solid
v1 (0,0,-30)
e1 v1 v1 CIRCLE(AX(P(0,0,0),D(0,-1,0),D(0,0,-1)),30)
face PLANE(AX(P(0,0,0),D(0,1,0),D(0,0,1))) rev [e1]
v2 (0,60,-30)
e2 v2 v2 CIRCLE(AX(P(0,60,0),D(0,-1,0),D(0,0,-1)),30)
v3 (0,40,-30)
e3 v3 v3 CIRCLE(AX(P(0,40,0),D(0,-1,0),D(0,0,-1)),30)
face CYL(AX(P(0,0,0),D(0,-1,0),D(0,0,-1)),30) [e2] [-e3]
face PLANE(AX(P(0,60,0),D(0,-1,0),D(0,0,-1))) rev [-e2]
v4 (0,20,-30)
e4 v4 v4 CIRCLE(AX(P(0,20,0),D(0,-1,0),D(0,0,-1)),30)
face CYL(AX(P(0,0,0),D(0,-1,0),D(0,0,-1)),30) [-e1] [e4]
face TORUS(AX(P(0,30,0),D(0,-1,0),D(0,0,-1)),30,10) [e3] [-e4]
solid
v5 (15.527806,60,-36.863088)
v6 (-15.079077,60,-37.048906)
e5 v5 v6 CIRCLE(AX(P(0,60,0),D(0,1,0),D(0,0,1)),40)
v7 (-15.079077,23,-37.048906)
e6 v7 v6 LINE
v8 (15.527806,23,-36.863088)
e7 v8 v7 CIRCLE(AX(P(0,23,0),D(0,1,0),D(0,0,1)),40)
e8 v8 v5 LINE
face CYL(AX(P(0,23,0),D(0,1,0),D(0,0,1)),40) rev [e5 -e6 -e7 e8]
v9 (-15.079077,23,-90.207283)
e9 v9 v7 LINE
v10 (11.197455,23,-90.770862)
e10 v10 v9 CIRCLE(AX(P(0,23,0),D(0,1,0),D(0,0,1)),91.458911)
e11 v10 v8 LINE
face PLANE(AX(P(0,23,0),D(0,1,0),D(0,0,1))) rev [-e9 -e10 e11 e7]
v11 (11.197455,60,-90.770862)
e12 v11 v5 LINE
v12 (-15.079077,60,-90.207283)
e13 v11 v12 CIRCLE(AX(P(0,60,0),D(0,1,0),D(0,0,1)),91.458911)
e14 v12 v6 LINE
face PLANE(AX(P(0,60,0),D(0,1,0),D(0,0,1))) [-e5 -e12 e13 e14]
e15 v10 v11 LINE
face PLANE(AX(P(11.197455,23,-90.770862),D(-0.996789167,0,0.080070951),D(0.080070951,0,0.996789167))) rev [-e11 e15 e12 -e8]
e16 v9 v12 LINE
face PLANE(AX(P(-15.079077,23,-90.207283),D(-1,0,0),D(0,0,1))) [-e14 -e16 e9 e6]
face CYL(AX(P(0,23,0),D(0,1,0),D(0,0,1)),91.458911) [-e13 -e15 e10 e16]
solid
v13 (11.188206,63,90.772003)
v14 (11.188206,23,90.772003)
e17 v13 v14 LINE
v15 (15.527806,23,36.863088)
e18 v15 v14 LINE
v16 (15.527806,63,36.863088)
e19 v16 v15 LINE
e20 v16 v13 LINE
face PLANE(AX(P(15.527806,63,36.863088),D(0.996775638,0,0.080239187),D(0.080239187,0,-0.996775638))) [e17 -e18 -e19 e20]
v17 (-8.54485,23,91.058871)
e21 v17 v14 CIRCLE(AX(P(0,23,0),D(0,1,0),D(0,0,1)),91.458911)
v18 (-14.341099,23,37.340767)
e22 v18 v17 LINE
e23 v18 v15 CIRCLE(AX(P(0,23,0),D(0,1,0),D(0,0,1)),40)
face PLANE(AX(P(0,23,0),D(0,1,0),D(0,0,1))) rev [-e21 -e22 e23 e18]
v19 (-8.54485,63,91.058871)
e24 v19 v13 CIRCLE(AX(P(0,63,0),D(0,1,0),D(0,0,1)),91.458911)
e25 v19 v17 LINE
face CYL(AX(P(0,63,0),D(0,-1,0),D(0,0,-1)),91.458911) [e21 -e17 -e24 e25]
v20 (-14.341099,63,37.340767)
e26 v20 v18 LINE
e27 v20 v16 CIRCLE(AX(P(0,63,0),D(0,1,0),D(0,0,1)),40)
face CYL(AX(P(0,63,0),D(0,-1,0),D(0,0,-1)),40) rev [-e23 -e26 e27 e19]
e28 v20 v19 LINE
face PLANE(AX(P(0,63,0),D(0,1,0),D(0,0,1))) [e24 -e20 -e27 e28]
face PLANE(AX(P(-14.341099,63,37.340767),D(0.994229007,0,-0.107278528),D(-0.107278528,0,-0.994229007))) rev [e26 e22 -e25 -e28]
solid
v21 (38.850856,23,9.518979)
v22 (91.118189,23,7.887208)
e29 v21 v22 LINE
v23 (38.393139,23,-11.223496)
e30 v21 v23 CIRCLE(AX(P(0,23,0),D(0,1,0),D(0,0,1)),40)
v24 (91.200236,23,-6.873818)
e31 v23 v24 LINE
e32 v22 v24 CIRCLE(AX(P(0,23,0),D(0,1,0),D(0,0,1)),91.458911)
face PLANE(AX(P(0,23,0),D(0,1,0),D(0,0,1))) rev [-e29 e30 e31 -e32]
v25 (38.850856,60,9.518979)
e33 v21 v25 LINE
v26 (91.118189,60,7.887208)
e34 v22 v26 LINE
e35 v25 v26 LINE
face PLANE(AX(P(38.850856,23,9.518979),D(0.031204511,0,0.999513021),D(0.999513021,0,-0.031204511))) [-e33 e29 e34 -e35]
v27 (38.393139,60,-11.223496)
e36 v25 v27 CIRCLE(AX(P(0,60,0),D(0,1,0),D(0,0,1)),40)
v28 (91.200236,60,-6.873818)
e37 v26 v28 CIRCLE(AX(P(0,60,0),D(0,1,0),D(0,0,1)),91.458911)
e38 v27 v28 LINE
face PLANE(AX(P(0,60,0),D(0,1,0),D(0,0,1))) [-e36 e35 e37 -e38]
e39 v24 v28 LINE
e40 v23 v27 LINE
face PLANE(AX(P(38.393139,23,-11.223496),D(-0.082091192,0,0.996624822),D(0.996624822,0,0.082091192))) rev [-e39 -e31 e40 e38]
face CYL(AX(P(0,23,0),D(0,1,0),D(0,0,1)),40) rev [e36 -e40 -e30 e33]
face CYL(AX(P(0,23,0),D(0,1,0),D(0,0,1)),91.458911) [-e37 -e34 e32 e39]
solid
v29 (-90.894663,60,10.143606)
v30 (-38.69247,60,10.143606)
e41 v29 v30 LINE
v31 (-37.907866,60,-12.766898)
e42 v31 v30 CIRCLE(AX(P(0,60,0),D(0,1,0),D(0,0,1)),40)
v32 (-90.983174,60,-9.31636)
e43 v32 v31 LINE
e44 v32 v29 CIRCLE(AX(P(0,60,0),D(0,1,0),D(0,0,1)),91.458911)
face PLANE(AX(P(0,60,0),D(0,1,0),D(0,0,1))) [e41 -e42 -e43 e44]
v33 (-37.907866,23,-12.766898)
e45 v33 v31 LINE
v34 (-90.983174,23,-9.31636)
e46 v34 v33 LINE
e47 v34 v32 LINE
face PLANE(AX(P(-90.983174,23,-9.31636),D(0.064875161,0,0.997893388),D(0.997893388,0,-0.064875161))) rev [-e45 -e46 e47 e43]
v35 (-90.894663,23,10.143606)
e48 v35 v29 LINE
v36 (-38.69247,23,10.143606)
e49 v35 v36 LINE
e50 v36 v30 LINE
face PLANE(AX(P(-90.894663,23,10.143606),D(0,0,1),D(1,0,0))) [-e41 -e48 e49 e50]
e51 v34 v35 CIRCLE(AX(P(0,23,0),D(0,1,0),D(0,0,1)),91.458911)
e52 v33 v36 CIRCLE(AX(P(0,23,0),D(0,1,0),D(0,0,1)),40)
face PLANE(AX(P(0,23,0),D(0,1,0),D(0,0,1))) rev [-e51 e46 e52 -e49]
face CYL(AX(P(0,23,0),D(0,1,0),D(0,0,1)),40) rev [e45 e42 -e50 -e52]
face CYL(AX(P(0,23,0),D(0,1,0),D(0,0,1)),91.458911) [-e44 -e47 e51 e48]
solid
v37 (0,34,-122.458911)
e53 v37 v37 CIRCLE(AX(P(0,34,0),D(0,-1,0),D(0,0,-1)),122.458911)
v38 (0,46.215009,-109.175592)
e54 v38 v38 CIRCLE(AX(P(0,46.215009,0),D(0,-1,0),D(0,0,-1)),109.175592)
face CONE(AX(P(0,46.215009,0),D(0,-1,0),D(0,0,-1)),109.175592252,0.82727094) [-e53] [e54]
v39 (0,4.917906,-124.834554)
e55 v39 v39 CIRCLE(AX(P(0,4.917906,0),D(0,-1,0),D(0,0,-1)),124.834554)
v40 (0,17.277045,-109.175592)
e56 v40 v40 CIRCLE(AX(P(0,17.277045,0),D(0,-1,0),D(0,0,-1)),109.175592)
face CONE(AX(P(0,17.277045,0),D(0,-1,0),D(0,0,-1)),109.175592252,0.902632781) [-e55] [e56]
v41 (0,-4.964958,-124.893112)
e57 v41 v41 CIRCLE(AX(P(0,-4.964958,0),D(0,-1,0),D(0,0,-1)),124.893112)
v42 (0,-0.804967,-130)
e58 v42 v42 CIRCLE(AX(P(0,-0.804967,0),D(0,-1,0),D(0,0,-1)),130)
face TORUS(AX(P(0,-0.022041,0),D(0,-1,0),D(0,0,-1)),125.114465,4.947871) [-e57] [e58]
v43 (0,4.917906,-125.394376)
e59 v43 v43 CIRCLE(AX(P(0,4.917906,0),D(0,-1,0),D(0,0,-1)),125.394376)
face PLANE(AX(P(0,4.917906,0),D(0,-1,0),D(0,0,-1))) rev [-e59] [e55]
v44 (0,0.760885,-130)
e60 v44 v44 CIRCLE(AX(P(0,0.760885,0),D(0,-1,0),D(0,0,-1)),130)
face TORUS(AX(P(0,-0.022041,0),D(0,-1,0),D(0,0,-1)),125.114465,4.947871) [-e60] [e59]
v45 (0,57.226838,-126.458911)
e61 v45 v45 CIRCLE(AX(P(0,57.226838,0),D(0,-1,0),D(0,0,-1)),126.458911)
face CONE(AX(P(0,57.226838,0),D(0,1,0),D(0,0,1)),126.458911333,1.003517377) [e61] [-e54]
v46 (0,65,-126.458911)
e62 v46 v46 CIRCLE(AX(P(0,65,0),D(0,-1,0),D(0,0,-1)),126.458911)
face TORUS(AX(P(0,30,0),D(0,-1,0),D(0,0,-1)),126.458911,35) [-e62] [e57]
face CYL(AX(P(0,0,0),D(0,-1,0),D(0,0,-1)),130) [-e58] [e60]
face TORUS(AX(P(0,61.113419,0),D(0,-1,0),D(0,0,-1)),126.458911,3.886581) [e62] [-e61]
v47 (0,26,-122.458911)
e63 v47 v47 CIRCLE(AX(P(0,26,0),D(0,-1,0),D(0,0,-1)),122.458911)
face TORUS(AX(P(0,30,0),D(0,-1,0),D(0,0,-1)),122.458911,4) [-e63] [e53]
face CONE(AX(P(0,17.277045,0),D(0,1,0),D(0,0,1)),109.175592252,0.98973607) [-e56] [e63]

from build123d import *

# Parameters (mm, degrees)
BOSS_EXTRUDE1_DEPTH      = 37
BOSS_EXTRUDE2_DEPTH      = 3
BOSS_EXTRUDE2_DEPTH_BACK = 37
BOSS_EXTRUDE3_DEPTH      = 37
BOSS_EXTRUDE4_DEPTH      = 37


with BuildPart() as part:
    # Sketch1 → Revolve4 (revolve)
    with BuildSketch(Plane.XY, mode=Mode.PRIVATE) as revolve4_sk:
        with BuildLine():
            Line((30, 20), (30, 0))
            Line((30, 0), (0, 0))
            Line((0, 0), (0, 60))
            Line((0, 60), (30, 60))
            Line((30, 60), (30, 40))
            ThreePointArc((30, 40), (40, 30), (30, 20))
        make_face()
        with BuildLine():
            Line((125.39437567, 4.917905926), (124.834554496, 4.917905926))
            Line((124.834554496, 4.917905926), (109.175592252, 17.277045335))
            Line((109.175592252, 17.277045335), (122.458911333, 26))
            ThreePointArc((122.458911333, 26), (126.458911333, 30), (122.458911333, 34))
            Line((122.458911333, 34), (109.175592252, 46.215008847))
            Line((109.175592252, 46.215008847), (126.458911333, 57.226838088))
            ThreePointArc((126.458911333, 57.226838088), (130.345492289, 61.113419044), (126.458911333, 65))
            ThreePointArc((126.458911333, 65), (91.46767299, 30.783095946), (124.89311151, -4.964957756))
            ThreePointArc((124.89311151, -4.964957756), (128.23936955, -3.858236482), (130, -0.804966878))
            Line((130, -0.804966878), (130, 0.760885091))
            ThreePointArc((130, 0.760885091), (128.429681874, 3.650936393), (125.39437567, 4.917905926))
        make_face()
    revolve(revolve4_sk.sketch.rotate(Axis((0, 0, 0), (0, 1, 0)), 90), axis=Axis((0, 0, 0), (0, 1, 0)))


with BuildPart() as body_2:
    # Sketch2 → Boss-Extrude1 (new body)
    with BuildSketch(Plane(origin=(0, 60, 0), x_dir=(1, 0, 0), z_dir=(0, 1, 0))):
        with BuildLine():
            Line((-15.079077499, 90.207282876), (-15.079077499, 37.048905811))
            ThreePointArc((-15.079077499, 37.048905811), (0.242840423, 39.99926285), (15.527806264, 36.863087671))
            Line((15.527806264, 36.863087671), (11.197455462, 90.770862359))
            ThreePointArc((11.197455462, 90.770862359), (-1.961161102, 91.437882244), (-15.079077499, 90.207282876))
        make_face()
    extrude(amount=-BOSS_EXTRUDE1_DEPTH)


with BuildPart() as body_3:
    # Sketch3 → Boss-Extrude2 (new, two sides: drawn at the far end of the back side and taken through both)
    with BuildSketch(Plane(origin=(0, 60, 0), x_dir=(1, 0, 0), z_dir=(0, 1, 0)).offset(-BOSS_EXTRUDE2_DEPTH_BACK)):
        with BuildLine():
            Line((-14.341098737, -37.340767092), (-8.544849509, -91.058871117))
            ThreePointArc((-8.544849509, -91.058871117), (1.329438663, -91.449248521), (11.18820632, -90.772002851))
            Line((11.18820632, -90.772002851), (15.527806264, -36.863087671))
            ThreePointArc((15.527806264, -36.863087671), (0.639619493, -39.994885759), (-14.341098737, -37.340767092))
        make_face()
    extrude(amount=BOSS_EXTRUDE2_DEPTH + BOSS_EXTRUDE2_DEPTH_BACK)


with BuildPart() as body_4:
    # Sketch4 → Boss-Extrude3 (new body)
    with BuildSketch(Plane(origin=(0, 60, 0), x_dir=(1, 0, 0), z_dir=(0, 1, 0))):
        with BuildLine():
            Line((38.850856375, -9.518978882), (91.118189277, -7.887207687))
            ThreePointArc((91.118189277, -7.887207687), (91.457498542, -0.508352864), (91.200236236, 6.873817912))
            Line((91.200236236, 6.873817912), (38.393139081, 11.223496403))
            ThreePointArc((38.393139081, 11.223496403), (39.990264799, 0.882451854), (38.850856375, -9.518978882))
        make_face()
    extrude(amount=-BOSS_EXTRUDE3_DEPTH)


with BuildPart() as body_5:
    # Sketch5 → Boss-Extrude4 (new body)
    with BuildSketch(Plane(origin=(0, 60, 0), x_dir=(1, 0, 0), z_dir=(0, 1, 0))):
        with BuildLine():
            Line((-90.983173728, 9.316359837), (-37.907866165, 12.766897931))
            ThreePointArc((-37.907866165, 12.766897931), (-39.976564179, 1.369056784), (-38.692470372, -10.143605695))
            Line((-38.692470372, -10.143605695), (-90.894662801, -10.143605695))
            ThreePointArc((-90.894662801, -10.143605695), (-91.457965316, -0.415983742), (-90.983173728, 9.316359837))
        make_face()
    extrude(amount=-BOSS_EXTRUDE4_DEPTH)


solid = Compound([part.part, body_2.part, body_3.part, body_4.part, body_5.part])
